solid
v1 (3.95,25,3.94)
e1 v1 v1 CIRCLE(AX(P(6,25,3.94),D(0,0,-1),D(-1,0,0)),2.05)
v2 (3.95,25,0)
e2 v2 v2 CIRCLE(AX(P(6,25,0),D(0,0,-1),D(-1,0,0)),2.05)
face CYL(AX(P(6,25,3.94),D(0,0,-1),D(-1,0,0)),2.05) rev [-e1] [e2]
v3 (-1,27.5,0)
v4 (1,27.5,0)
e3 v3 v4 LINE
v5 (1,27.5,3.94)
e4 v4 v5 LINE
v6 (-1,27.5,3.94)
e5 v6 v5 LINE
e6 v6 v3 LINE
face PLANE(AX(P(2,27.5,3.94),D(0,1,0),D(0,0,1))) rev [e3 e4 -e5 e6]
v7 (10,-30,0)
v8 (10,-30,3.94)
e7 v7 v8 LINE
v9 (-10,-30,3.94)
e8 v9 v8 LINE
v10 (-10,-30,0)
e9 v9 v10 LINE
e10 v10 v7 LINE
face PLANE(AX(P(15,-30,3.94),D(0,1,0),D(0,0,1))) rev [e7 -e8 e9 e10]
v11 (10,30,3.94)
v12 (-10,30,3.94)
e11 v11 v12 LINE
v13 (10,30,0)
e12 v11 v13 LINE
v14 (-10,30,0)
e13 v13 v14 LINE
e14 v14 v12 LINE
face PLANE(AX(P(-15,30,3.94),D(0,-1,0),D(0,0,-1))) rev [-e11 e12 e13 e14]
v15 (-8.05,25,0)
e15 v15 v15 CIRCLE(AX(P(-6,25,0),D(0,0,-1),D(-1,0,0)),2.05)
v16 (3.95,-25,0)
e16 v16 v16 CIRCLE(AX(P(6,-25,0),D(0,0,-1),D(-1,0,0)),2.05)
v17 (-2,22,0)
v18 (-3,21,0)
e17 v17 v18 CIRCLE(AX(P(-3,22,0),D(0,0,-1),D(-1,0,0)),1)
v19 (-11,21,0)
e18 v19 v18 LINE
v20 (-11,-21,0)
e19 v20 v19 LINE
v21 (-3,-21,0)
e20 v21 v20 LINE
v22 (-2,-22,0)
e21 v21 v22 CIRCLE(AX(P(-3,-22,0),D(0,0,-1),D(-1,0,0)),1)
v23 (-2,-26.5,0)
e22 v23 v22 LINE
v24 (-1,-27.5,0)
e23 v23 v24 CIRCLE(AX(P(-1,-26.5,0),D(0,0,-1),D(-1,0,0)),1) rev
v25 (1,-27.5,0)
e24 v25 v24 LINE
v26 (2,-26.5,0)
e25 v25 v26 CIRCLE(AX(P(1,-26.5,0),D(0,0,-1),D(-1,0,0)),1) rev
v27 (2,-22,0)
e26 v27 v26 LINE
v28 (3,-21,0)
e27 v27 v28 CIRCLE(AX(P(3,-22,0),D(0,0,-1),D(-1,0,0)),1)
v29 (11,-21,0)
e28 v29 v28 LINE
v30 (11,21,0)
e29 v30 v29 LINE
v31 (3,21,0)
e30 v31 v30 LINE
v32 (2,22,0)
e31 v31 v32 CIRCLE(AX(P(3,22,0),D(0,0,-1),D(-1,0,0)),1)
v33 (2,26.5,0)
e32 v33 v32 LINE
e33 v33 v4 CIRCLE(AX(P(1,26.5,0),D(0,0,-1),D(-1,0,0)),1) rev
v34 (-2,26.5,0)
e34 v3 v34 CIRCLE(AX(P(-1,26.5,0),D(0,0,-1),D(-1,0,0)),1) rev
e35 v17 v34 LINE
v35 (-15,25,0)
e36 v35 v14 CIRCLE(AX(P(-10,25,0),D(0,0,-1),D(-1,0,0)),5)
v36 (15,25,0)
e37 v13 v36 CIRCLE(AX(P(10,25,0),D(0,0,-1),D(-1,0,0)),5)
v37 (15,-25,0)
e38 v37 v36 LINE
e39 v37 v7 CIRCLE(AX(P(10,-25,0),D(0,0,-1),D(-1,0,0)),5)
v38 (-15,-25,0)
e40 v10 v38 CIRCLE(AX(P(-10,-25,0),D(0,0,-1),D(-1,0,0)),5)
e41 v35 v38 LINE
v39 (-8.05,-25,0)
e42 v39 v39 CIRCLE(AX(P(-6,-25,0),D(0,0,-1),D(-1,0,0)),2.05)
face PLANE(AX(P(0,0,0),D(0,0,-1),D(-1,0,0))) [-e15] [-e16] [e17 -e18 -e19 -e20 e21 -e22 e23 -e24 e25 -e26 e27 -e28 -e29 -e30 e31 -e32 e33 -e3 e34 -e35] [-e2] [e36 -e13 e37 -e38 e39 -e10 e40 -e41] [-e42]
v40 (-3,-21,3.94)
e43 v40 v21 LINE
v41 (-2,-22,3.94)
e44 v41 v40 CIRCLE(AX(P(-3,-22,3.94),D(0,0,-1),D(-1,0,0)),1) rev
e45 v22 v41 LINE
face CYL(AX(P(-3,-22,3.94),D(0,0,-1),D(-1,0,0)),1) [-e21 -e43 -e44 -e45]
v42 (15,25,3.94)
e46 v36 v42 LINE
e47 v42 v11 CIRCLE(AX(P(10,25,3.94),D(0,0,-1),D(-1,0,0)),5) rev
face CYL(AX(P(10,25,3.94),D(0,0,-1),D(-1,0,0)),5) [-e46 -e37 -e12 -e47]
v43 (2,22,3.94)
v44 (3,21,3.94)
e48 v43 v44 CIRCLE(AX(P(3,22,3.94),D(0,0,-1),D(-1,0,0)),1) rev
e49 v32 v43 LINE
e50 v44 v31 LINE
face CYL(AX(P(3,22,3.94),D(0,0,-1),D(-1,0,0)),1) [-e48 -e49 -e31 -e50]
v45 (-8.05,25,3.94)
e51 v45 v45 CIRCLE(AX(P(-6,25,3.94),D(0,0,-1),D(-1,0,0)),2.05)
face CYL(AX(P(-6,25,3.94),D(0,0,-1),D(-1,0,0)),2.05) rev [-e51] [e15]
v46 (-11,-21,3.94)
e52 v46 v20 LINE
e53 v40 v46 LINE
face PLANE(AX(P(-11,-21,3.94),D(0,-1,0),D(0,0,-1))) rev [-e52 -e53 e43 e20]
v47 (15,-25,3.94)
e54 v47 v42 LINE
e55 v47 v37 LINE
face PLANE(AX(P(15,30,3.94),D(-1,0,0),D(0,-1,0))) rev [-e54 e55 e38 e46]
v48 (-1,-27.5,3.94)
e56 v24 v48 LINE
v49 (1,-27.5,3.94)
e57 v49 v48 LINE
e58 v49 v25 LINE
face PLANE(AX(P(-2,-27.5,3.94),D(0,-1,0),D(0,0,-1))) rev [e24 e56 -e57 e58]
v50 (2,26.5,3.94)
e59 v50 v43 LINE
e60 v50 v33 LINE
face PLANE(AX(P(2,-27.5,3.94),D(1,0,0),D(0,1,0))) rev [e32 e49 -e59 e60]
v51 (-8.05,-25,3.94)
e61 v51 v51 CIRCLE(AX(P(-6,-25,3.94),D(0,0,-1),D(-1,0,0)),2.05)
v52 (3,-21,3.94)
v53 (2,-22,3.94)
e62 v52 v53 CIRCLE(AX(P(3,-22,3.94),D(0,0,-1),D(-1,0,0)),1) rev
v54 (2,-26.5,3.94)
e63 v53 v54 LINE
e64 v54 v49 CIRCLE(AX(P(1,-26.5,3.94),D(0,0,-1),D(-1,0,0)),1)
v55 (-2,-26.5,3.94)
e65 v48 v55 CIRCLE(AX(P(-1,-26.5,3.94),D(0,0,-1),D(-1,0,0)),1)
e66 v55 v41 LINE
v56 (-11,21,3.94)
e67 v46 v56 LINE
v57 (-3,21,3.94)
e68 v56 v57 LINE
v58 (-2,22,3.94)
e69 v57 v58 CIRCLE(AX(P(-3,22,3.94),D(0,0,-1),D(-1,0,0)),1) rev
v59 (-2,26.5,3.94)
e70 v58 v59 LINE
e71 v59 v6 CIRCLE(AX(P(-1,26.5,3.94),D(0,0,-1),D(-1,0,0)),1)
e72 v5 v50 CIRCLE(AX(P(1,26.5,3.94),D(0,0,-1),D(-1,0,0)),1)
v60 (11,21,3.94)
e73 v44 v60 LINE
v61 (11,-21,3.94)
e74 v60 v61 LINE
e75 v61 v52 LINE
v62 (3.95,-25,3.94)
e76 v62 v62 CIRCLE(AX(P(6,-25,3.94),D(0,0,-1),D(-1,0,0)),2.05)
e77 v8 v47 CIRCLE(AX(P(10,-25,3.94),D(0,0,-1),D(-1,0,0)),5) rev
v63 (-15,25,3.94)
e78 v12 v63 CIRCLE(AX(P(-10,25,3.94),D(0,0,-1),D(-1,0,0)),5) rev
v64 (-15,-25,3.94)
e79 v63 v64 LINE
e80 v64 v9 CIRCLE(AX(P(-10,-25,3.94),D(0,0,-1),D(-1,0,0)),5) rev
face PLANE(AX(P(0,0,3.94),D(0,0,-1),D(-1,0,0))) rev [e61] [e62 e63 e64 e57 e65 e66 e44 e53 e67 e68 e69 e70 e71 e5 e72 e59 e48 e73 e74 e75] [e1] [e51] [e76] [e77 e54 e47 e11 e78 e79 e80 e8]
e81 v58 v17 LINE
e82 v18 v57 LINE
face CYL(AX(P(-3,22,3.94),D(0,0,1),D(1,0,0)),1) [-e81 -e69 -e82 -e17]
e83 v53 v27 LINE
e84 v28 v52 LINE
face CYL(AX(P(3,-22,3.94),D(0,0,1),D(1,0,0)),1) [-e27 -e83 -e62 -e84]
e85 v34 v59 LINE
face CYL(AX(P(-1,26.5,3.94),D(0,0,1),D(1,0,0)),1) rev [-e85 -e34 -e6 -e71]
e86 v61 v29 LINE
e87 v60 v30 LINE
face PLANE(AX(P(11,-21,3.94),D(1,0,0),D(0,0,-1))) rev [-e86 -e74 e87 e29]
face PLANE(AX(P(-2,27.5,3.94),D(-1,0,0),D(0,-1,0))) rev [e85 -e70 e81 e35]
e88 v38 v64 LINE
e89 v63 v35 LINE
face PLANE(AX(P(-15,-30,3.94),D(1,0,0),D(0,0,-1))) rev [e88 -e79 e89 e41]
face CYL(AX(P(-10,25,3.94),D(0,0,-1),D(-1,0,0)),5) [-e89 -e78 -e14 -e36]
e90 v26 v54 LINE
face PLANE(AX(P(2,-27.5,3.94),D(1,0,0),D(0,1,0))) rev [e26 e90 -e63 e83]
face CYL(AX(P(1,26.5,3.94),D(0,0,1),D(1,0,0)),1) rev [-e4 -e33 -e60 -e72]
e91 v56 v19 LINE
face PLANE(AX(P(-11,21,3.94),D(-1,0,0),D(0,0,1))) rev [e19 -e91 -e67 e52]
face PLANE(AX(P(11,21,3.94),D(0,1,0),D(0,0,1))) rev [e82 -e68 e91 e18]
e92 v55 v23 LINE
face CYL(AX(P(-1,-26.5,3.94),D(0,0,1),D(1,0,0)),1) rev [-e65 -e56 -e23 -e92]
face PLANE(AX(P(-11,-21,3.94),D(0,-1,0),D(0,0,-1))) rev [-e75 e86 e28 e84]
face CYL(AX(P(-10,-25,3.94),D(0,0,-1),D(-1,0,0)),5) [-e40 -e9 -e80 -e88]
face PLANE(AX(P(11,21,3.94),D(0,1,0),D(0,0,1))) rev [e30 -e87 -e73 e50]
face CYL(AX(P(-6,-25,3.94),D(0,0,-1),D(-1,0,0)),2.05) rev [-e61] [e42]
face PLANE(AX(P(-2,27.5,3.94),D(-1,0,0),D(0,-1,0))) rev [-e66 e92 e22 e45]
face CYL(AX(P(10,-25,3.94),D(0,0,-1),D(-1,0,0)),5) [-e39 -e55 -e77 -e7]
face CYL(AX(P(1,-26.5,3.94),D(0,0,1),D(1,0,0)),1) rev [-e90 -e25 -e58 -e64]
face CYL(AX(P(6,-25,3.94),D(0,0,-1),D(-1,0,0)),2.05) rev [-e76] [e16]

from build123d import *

# Parameters (mm, degrees)
CROQUIS1_W              = 30
CROQUIS1_H              = 60
SALIENTE_EXTRUIR1_DEPTH = 3.94
CROQUIS2_W              = 22
CROQUIS2_H              = 42
CORTAR_EXTRUIR1_DEPTH   = 34.771638989
CROQUIS3_R              = 2.05
CORTAR_EXTRUIR2_DEPTH   = 34.771638989
REDONDEO1_R             = 5
REDONDEO3_R             = 1


with BuildPart() as part:
    # Croquis1 → Saliente-Extruir1 (new body)
    with BuildSketch(Plane.XY):
        Rectangle(CROQUIS1_W, CROQUIS1_H)
    extrude(amount=SALIENTE_EXTRUIR1_DEPTH)

    # Croquis2 → Cortar-Extruir1 (cut, through all)
    with BuildSketch(Plane(origin=(0, 0, 0), x_dir=(-1, 0, 0), z_dir=(0, 0, -1))):
        Rectangle(CROQUIS2_W, CROQUIS2_H)
    extrude(amount=-CORTAR_EXTRUIR1_DEPTH, mode=Mode.SUBTRACT)

    # Croquis3 → Cortar-Extruir2 (cut, through all)
    with BuildSketch(Plane(origin=(0, 0, 0), x_dir=(-1, 0, 0), z_dir=(0, 0, -1))):
        with Locations((-6, 25)):
            Circle(CROQUIS3_R)
        with Locations((6, 25)):
            Circle(CROQUIS3_R)
        with Locations((-6, -25)):
            Circle(CROQUIS3_R)
        with Locations((6, -25)):
            Circle(CROQUIS3_R)
        Polygon((-2, 21), (-2, 27.5), (2, 27.5), (2, -27.5), (-2, -27.5), align=None)
    extrude(amount=-CORTAR_EXTRUIR2_DEPTH, mode=Mode.SUBTRACT)

    # Redondeo1
    redondeo1_edges = [part.edges().sort_by_distance(p)[0] for p in [
        (-15, 30, 1.97),
        (15, 30, 1.97),
        (15, -30, 1.97),
        (-15, -30, 1.97),
    ]]
    fillet(redondeo1_edges, radius=REDONDEO1_R)

    # Redondeo3
    redondeo3_edges = [part.edges().sort_by_distance(p)[0] for p in [
        (2, -21, 1.97),
        (-2, -21, 1.97),
        (-2, 21, 1.97),
        (-2, 27.5, 1.97),
        (2, 21, 1.97),
        (2, -27.5, 1.97),
        (-2, -27.5, 1.97),
        (2, 27.5, 1.97),
    ]]
    fillet(redondeo3_edges, radius=REDONDEO3_R)


solid = part.part
